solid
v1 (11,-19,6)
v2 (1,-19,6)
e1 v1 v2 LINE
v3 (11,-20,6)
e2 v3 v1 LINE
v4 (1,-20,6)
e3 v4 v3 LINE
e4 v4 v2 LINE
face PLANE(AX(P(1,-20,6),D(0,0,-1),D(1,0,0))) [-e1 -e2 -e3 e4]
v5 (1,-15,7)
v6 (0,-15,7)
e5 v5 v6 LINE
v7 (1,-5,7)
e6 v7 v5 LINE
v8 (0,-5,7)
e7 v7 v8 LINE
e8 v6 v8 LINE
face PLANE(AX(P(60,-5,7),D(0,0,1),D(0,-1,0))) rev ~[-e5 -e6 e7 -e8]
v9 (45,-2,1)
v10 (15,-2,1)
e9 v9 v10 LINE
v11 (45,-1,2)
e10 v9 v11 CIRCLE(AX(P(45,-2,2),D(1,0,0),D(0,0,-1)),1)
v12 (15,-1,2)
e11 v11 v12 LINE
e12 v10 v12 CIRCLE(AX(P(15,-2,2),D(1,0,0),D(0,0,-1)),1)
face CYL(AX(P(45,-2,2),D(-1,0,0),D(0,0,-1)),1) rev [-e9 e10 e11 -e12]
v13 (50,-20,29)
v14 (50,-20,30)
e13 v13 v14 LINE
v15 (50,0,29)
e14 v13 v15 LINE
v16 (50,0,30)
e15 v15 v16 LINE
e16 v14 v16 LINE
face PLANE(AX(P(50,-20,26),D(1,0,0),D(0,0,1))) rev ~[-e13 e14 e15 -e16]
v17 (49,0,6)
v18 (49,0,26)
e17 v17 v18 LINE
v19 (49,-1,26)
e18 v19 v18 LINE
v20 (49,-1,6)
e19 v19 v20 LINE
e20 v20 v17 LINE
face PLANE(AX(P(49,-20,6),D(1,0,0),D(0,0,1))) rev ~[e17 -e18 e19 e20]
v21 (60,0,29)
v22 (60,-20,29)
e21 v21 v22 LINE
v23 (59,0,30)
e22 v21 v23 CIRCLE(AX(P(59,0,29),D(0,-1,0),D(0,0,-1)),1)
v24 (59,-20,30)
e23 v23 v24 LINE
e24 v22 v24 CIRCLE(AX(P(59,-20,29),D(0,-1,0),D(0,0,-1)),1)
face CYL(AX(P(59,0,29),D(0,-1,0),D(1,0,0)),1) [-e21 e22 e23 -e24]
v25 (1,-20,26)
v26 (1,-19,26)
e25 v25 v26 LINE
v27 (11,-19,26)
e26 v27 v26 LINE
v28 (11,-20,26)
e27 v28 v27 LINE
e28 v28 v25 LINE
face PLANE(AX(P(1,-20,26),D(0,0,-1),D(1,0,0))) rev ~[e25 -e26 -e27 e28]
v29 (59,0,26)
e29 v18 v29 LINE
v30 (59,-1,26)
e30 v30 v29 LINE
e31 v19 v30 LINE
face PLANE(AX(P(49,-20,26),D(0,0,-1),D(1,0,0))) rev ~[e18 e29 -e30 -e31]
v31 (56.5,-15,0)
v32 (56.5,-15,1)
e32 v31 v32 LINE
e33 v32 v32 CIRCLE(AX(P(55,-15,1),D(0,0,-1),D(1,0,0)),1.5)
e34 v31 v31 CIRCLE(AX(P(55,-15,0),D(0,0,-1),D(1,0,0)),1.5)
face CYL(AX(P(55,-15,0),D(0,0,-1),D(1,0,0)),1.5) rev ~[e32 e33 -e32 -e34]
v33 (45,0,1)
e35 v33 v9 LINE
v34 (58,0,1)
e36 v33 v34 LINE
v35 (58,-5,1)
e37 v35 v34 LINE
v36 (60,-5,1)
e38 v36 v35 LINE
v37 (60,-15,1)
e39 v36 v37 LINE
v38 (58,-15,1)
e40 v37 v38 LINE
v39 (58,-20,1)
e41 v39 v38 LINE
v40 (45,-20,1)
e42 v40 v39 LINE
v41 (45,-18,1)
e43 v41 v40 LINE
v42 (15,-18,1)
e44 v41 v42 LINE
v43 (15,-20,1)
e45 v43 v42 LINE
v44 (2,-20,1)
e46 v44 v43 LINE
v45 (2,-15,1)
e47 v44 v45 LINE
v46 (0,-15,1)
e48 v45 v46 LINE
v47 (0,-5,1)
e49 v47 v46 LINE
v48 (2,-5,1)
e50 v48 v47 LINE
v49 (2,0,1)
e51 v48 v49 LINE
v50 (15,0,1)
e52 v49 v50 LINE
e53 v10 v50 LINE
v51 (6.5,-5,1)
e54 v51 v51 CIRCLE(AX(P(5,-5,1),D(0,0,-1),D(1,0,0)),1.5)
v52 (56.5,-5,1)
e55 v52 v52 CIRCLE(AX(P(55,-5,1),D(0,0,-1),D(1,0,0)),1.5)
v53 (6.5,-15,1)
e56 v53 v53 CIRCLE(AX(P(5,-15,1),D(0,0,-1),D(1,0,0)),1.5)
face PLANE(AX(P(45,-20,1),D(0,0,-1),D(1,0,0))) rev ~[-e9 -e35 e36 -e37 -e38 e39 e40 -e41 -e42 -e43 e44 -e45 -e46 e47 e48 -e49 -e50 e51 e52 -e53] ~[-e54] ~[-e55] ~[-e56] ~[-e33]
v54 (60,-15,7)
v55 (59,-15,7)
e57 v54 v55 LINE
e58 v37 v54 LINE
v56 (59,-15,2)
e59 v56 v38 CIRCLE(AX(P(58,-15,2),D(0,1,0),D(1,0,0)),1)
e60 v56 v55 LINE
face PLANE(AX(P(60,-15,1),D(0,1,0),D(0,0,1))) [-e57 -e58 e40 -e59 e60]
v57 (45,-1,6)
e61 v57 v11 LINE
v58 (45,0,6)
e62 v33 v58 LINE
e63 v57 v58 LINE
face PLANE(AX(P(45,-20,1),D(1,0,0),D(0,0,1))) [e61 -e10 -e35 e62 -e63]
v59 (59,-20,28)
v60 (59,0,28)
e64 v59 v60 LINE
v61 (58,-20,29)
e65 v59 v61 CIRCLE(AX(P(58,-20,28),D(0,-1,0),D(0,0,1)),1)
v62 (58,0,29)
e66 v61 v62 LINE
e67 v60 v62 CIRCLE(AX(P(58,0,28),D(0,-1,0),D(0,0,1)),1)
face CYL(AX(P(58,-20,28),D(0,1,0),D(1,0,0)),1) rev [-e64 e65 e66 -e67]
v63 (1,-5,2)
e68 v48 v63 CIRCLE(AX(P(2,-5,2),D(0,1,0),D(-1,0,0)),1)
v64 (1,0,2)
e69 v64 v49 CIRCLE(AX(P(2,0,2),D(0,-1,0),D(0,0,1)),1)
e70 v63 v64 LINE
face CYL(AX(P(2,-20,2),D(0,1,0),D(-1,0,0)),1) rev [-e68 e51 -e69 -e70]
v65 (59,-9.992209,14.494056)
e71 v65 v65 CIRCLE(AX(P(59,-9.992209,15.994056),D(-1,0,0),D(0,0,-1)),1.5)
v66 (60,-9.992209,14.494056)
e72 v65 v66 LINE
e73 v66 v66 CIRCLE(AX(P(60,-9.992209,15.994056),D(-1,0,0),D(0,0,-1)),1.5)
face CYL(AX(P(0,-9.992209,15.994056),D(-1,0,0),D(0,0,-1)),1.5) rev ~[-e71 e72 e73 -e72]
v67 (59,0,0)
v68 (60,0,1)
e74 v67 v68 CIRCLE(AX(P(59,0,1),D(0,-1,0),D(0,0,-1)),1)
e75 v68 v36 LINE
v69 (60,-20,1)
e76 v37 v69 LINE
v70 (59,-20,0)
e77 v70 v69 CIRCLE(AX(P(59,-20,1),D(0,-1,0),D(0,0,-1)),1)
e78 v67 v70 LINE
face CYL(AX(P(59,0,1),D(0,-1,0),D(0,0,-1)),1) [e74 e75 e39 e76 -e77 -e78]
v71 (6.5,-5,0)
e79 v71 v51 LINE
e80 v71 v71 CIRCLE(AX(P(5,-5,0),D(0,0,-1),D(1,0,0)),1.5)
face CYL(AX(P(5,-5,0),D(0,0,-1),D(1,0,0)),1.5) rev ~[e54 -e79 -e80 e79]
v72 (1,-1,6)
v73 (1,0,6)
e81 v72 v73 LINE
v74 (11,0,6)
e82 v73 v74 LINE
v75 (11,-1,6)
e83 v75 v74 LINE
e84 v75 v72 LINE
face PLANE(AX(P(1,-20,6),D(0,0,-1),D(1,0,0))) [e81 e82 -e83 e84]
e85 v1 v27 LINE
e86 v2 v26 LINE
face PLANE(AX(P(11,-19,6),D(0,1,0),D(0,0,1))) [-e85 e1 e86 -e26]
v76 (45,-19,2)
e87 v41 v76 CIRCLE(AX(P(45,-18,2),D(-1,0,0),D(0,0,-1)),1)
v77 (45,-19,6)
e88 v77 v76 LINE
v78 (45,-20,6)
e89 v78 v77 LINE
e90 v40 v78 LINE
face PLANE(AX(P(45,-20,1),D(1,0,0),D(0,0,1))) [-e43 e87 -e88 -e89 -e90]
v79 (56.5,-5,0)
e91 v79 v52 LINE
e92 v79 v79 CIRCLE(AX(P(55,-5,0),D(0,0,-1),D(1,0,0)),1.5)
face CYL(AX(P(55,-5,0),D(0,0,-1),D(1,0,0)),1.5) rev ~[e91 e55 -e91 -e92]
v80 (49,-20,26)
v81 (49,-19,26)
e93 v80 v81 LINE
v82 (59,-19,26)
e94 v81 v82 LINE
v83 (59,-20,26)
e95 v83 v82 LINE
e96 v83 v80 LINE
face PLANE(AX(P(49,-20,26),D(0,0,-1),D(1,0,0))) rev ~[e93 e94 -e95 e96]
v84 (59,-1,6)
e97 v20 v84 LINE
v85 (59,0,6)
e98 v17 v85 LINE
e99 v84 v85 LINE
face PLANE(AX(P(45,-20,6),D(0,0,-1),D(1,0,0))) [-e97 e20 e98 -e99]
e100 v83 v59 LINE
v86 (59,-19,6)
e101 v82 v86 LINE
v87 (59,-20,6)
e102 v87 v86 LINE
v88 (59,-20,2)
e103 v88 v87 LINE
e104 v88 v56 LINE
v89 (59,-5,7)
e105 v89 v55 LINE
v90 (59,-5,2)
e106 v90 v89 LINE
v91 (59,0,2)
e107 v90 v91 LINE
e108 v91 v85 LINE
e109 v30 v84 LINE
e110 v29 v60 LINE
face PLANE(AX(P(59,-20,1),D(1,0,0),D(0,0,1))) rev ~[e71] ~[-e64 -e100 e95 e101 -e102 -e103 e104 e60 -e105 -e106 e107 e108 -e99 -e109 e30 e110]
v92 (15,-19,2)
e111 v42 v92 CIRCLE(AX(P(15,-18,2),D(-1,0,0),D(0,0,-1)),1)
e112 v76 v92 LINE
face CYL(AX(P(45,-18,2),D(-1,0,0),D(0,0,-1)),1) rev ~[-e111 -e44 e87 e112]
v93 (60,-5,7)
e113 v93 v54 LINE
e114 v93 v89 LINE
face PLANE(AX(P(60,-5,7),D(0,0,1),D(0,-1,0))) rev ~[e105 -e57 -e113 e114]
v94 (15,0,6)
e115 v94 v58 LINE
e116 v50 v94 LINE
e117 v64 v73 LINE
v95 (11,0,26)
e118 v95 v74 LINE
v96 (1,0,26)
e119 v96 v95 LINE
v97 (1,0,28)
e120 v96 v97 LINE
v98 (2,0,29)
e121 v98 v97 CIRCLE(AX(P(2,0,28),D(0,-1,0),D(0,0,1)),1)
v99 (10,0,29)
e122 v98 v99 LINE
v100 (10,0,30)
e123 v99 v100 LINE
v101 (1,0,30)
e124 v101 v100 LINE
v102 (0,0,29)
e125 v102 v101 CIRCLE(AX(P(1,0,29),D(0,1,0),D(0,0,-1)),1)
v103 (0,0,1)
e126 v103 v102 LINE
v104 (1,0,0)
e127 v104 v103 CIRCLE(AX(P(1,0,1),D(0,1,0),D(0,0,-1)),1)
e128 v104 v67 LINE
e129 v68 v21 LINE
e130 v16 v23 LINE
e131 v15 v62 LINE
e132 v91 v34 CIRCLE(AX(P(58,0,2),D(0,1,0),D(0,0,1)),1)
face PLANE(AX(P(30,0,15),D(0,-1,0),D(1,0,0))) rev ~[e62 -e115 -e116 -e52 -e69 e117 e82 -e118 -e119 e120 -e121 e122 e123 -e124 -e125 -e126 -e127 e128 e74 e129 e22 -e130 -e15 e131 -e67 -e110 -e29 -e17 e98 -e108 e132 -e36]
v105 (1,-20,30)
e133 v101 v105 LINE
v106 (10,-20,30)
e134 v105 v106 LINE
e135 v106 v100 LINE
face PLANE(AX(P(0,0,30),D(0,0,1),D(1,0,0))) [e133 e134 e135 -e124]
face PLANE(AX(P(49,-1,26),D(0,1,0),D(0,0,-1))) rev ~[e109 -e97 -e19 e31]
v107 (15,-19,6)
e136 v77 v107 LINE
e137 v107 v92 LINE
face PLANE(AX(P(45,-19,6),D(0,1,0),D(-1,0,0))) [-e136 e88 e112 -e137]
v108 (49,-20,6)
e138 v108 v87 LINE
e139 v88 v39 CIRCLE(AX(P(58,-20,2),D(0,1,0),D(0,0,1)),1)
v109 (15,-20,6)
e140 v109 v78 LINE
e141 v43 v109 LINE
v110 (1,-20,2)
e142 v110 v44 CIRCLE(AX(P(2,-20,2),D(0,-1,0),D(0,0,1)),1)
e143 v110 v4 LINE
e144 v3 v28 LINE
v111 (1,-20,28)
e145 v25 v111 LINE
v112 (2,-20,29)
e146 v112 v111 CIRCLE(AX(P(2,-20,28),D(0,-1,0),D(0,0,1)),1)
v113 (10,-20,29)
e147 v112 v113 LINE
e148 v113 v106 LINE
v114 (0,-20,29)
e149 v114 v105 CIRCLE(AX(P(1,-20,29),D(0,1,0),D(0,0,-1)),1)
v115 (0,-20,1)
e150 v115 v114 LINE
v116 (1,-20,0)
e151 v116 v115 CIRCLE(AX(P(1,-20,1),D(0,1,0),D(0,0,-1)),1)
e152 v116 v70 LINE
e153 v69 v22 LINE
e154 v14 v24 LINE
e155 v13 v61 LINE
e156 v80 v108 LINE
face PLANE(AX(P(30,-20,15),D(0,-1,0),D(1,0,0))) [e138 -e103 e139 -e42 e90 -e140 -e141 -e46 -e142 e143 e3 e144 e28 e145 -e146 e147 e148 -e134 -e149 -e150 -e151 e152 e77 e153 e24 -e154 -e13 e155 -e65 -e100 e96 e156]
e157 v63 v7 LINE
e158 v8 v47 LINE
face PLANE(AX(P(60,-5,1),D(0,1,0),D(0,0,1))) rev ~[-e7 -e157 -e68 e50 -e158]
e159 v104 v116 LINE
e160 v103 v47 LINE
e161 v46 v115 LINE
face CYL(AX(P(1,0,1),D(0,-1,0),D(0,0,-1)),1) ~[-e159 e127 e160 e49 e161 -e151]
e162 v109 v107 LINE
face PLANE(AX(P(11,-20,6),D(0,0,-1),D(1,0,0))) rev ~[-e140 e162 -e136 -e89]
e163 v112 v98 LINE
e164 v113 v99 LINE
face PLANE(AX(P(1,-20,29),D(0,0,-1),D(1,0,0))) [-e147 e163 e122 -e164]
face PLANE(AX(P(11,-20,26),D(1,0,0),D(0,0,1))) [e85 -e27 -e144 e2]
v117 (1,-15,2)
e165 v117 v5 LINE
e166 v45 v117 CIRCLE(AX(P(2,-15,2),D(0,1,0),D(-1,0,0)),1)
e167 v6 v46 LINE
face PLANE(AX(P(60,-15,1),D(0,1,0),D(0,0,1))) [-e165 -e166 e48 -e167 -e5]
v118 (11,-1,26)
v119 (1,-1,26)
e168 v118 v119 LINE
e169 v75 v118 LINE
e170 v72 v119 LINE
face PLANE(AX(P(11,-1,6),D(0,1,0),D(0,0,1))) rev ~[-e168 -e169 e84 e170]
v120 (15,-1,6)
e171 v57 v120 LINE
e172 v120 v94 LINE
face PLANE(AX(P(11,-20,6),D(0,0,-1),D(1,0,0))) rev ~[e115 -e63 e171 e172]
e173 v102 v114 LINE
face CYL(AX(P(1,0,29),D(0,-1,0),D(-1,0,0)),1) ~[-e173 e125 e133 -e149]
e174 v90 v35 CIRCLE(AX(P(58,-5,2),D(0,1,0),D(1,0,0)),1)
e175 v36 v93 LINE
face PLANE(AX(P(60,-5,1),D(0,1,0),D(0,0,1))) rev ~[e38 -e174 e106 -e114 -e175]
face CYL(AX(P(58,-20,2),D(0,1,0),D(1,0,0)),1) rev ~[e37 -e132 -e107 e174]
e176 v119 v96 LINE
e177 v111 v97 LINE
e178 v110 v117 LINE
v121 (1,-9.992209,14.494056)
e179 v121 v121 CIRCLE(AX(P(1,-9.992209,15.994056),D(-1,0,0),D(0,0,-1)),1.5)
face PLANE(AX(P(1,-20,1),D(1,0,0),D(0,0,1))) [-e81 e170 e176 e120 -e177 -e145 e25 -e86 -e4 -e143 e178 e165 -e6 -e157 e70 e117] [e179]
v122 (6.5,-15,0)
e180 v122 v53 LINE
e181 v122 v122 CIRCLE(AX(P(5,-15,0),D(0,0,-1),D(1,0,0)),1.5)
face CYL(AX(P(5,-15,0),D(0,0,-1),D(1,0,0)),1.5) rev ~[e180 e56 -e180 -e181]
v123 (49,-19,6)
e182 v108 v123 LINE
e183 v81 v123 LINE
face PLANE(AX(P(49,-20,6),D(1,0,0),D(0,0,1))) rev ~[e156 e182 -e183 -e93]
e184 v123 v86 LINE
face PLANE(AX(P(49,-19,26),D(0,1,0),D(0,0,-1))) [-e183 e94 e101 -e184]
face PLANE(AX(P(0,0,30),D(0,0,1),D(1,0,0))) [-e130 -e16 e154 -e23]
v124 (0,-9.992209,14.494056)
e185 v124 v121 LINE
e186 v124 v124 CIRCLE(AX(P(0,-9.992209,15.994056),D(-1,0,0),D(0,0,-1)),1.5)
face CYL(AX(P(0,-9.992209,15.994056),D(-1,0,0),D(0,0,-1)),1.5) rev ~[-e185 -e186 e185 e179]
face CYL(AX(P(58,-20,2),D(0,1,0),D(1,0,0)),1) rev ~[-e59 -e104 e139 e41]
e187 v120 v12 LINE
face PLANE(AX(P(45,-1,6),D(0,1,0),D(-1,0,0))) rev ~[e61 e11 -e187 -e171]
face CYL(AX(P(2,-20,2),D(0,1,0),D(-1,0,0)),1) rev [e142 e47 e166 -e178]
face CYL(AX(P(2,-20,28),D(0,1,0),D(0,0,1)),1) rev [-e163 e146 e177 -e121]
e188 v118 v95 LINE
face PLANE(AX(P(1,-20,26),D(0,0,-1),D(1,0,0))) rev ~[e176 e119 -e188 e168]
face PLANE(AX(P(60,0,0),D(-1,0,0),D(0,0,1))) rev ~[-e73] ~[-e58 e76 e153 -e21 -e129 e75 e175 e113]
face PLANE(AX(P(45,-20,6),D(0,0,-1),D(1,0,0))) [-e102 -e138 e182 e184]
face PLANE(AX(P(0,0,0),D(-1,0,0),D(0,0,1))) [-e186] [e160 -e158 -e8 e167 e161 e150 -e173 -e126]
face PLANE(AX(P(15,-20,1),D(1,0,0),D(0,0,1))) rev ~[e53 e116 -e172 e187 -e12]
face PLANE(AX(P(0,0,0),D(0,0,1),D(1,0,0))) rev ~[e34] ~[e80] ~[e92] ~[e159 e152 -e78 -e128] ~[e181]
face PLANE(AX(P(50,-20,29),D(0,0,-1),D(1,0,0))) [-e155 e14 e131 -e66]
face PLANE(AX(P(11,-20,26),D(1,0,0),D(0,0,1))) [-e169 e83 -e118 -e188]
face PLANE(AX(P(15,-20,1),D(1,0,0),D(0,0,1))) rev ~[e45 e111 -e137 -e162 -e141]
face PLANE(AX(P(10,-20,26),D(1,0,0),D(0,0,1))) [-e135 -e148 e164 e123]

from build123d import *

# Parameters (mm, degrees)
SKETCH_W        = 60
SKETCH_H        = 30
PAD_DEPTH       = 20
SKETCH001_W     = 14
SKETCH001_H     = 5
POCKET_DEPTH    = 20.001
SKETCH002_W     = 14
SKETCH002_H     = 5
POCKET001_DEPTH = 20.001
SKETCH003_W     = 38
SKETCH003_H     = 20
POCKET002_DEPTH = 20.001
SKETCH005_W     = 38
SKETCH005_H     = 5
POCKET003_DEPTH = 20.001
SKETCH006_W     = 9
SKETCH006_H     = 3
POCKET004_DEPTH = 20.001
SKETCH007_W     = 1
SKETCH007_H     = 4
POCKET005_DEPTH = 20.001
SKETCH008_W     = 30
SKETCH008_H     = 18
POCKET006_DEPTH = 5
FILLET_R        = 1
FILLET001_R     = 1
FILLET002_R     = 1
FILLET003_R     = 1
FILLET004_R     = 1
FILLET005_R     = 1
FILLET006_R     = 1
FILLET007_R     = 1
SKETCH011_W     = 20
SKETCH011_H     = 18
POCKET007_DEPTH = 10
SKETCH012_W     = 20
SKETCH012_H     = 18
POCKET008_DEPTH = 10
FILLET008_R     = 1
FILLET009_R     = 1
SKETCH014_W     = 6
SKETCH014_H     = 10
POCKET009_DEPTH = 60.001
SKETCH015_R     = 1.5
POCKET010_DEPTH = 5
SKETCH016_R     = 1.5
POCKET011_DEPTH = 60.001


with BuildPart() as part:
    # Sketch → Pad (new body)
    with BuildSketch(Plane.XZ):
        with Locations((30, 15)):
            Rectangle(SKETCH_W, SKETCH_H)
    extrude(amount=PAD_DEPTH)

    # Sketch001 (on Face6 of Pad) → Pocket (cut, through all)
    with BuildSketch(Plane.XZ.offset(20)):
        with Locations((8, 3.5)):
            Rectangle(SKETCH001_W, SKETCH001_H)
    extrude(amount=-POCKET_DEPTH, mode=Mode.SUBTRACT)

    # Sketch002 (on Face5 of Pocket) → Pocket001 (cut, through all)
    with BuildSketch(Plane.XZ.offset(20)):
        with Locations((52, 3.5)):
            Rectangle(SKETCH002_W, SKETCH002_H)
    extrude(amount=-POCKET001_DEPTH, mode=Mode.SUBTRACT)

    # Sketch003 (on Face5 of Pocket001) → Pocket002 (cut, through all)
    with BuildSketch(Plane.XZ.offset(20)):
        with Locations((30, 16)):
            Rectangle(SKETCH003_W, SKETCH003_H)
    extrude(amount=-POCKET002_DEPTH, mode=Mode.SUBTRACT)

    # Sketch005 (on Face5 of Pocket002) → Pocket003 (cut, through all)
    with BuildSketch(Plane.XZ.offset(20)):
        with Locations((30, 28.5)):
            Rectangle(SKETCH005_W, SKETCH005_H)
    extrude(amount=-POCKET003_DEPTH, mode=Mode.SUBTRACT)

    # Sketch006 (on Face5 of Pocket003) → Pocket004 (cut, through all)
    with BuildSketch(Plane.XZ.offset(20)):
        with Locations((5.5, 27.5)):
            Rectangle(SKETCH006_W, SKETCH006_H)
        with Locations((54.5, 27.5)):
            Rectangle(SKETCH006_W, SKETCH006_H)
    extrude(amount=-POCKET004_DEPTH, mode=Mode.SUBTRACT)

    # Sketch007 (on Face5 of Pocket004) → Pocket005 (cut, through all)
    with BuildSketch(Plane.XZ.offset(20)):
        with Locations((10.5, 28)):
            Rectangle(SKETCH007_W, SKETCH007_H)
        with Locations((49.5, 28)):
            Rectangle(SKETCH007_W, SKETCH007_H)
    extrude(amount=-POCKET005_DEPTH, mode=Mode.SUBTRACT)

    # Sketch008 (on Face18 of Pocket005) → Pocket006 (cut)
    with BuildSketch(Plane(origin=(0, 0, 6), x_dir=(-1, 0, 0), z_dir=(0, 0, 1))):
        with Locations((-30, 10)):
            Rectangle(SKETCH008_W, SKETCH008_H)
    extrude(amount=-POCKET006_DEPTH, mode=Mode.SUBTRACT)

    # Fillet
    fillet_edges = [part.edges().sort_by_distance(p)[0] for p in [
        (60, -10, 0),
    ]]
    fillet(fillet_edges, radius=FILLET_R)

    # Fillet001
    fillet001_edges = [part.edges().sort_by_distance(p)[0] for p in [
        (0, -10, 0),
    ]]
    fillet(fillet001_edges, radius=FILLET001_R)

    # Fillet002
    fillet002_edges = [part.edges().sort_by_distance(p)[0] for p in [
        (0, -10, 30),
    ]]
    fillet(fillet002_edges, radius=FILLET002_R)

    # Fillet003
    fillet003_edges = [part.edges().sort_by_distance(p)[0] for p in [
        (60, -10, 30),
    ]]
    fillet(fillet003_edges, radius=FILLET003_R)

    # Fillet004
    fillet004_edges = [part.edges().sort_by_distance(p)[0] for p in [
        (1, -10, 29),
    ]]
    fillet(fillet004_edges, radius=FILLET004_R)

    # Fillet005
    fillet005_edges = [part.edges().sort_by_distance(p)[0] for p in [
        (1, -10, 1),
    ]]
    fillet(fillet005_edges, radius=FILLET005_R)

    # Fillet006
    fillet006_edges = [part.edges().sort_by_distance(p)[0] for p in [
        (59, -10, 29),
    ]]
    fillet(fillet006_edges, radius=FILLET006_R)

    # Fillet007
    fillet007_edges = [part.edges().sort_by_distance(p)[0] for p in [
        (59, -10, 1),
    ]]
    fillet(fillet007_edges, radius=FILLET007_R)

    # Sketch011 (on Face6 of Fillet007) → Pocket007 (cut)
    with BuildSketch(Plane(origin=(49, 0, 0), x_dir=(0, 0, -1), z_dir=(-1, 0, 0))):
        with Locations((-16, 10)):
            Rectangle(SKETCH011_W, SKETCH011_H)
    extrude(amount=-POCKET007_DEPTH, mode=Mode.SUBTRACT)

    # Sketch012 (on Face21 of Pocket007) → Pocket008 (cut)
    with BuildSketch(Plane(origin=(11, 0, 0), x_dir=(0, 0, 1), z_dir=(1, 0, 0))):
        with Locations((16, 10)):
            Rectangle(SKETCH012_W, SKETCH012_H)
    extrude(amount=-POCKET008_DEPTH, mode=Mode.SUBTRACT)

    # Fillet008
    fillet008_edges = [part.edges().sort_by_distance(p)[0] for p in [
        (30, -19, 1),
    ]]
    fillet(fillet008_edges, radius=FILLET008_R)

    # Fillet009
    fillet009_edges = [part.edges().sort_by_distance(p)[0] for p in [
        (30, -1, 1),
    ]]
    fillet(fillet009_edges, radius=FILLET009_R)

    # Sketch014 (on Face33 of Fillet009) → Pocket009 (cut, through all)
    with BuildSketch(Plane(origin=(60, 0, 0), x_dir=(0, 0, 1), z_dir=(1, 0, 0))):
        with Locations((4, 10)):
            Rectangle(SKETCH014_W, SKETCH014_H)
    extrude(amount=-POCKET009_DEPTH, mode=Mode.SUBTRACT)

    # Sketch015 (on Face32 of Pocket009) → Pocket010 (cut)
    with BuildSketch(Plane(origin=(0, 0, 0), x_dir=(1, 0, 0), z_dir=(0, 0, -1))):
        with Locations((55, 5)):
            Circle(SKETCH015_R)
        with Locations((55, 15)):
            Circle(SKETCH015_R)
        with Locations((5, 5)):
            Circle(SKETCH015_R)
        with Locations((5, 15)):
            Circle(SKETCH015_R)
    extrude(amount=-POCKET010_DEPTH, mode=Mode.SUBTRACT)

    # Sketch016 (on Face30 of Pocket010) → Pocket011 (cut, through all)
    with BuildSketch(Plane(origin=(0, 0, 0), x_dir=(0, 0, -1), z_dir=(-1, 0, 0))):
        with Locations((-15.994056, 9.992209)):
            Circle(SKETCH016_R)
    extrude(amount=-POCKET011_DEPTH, mode=Mode.SUBTRACT)


solid = part.part
